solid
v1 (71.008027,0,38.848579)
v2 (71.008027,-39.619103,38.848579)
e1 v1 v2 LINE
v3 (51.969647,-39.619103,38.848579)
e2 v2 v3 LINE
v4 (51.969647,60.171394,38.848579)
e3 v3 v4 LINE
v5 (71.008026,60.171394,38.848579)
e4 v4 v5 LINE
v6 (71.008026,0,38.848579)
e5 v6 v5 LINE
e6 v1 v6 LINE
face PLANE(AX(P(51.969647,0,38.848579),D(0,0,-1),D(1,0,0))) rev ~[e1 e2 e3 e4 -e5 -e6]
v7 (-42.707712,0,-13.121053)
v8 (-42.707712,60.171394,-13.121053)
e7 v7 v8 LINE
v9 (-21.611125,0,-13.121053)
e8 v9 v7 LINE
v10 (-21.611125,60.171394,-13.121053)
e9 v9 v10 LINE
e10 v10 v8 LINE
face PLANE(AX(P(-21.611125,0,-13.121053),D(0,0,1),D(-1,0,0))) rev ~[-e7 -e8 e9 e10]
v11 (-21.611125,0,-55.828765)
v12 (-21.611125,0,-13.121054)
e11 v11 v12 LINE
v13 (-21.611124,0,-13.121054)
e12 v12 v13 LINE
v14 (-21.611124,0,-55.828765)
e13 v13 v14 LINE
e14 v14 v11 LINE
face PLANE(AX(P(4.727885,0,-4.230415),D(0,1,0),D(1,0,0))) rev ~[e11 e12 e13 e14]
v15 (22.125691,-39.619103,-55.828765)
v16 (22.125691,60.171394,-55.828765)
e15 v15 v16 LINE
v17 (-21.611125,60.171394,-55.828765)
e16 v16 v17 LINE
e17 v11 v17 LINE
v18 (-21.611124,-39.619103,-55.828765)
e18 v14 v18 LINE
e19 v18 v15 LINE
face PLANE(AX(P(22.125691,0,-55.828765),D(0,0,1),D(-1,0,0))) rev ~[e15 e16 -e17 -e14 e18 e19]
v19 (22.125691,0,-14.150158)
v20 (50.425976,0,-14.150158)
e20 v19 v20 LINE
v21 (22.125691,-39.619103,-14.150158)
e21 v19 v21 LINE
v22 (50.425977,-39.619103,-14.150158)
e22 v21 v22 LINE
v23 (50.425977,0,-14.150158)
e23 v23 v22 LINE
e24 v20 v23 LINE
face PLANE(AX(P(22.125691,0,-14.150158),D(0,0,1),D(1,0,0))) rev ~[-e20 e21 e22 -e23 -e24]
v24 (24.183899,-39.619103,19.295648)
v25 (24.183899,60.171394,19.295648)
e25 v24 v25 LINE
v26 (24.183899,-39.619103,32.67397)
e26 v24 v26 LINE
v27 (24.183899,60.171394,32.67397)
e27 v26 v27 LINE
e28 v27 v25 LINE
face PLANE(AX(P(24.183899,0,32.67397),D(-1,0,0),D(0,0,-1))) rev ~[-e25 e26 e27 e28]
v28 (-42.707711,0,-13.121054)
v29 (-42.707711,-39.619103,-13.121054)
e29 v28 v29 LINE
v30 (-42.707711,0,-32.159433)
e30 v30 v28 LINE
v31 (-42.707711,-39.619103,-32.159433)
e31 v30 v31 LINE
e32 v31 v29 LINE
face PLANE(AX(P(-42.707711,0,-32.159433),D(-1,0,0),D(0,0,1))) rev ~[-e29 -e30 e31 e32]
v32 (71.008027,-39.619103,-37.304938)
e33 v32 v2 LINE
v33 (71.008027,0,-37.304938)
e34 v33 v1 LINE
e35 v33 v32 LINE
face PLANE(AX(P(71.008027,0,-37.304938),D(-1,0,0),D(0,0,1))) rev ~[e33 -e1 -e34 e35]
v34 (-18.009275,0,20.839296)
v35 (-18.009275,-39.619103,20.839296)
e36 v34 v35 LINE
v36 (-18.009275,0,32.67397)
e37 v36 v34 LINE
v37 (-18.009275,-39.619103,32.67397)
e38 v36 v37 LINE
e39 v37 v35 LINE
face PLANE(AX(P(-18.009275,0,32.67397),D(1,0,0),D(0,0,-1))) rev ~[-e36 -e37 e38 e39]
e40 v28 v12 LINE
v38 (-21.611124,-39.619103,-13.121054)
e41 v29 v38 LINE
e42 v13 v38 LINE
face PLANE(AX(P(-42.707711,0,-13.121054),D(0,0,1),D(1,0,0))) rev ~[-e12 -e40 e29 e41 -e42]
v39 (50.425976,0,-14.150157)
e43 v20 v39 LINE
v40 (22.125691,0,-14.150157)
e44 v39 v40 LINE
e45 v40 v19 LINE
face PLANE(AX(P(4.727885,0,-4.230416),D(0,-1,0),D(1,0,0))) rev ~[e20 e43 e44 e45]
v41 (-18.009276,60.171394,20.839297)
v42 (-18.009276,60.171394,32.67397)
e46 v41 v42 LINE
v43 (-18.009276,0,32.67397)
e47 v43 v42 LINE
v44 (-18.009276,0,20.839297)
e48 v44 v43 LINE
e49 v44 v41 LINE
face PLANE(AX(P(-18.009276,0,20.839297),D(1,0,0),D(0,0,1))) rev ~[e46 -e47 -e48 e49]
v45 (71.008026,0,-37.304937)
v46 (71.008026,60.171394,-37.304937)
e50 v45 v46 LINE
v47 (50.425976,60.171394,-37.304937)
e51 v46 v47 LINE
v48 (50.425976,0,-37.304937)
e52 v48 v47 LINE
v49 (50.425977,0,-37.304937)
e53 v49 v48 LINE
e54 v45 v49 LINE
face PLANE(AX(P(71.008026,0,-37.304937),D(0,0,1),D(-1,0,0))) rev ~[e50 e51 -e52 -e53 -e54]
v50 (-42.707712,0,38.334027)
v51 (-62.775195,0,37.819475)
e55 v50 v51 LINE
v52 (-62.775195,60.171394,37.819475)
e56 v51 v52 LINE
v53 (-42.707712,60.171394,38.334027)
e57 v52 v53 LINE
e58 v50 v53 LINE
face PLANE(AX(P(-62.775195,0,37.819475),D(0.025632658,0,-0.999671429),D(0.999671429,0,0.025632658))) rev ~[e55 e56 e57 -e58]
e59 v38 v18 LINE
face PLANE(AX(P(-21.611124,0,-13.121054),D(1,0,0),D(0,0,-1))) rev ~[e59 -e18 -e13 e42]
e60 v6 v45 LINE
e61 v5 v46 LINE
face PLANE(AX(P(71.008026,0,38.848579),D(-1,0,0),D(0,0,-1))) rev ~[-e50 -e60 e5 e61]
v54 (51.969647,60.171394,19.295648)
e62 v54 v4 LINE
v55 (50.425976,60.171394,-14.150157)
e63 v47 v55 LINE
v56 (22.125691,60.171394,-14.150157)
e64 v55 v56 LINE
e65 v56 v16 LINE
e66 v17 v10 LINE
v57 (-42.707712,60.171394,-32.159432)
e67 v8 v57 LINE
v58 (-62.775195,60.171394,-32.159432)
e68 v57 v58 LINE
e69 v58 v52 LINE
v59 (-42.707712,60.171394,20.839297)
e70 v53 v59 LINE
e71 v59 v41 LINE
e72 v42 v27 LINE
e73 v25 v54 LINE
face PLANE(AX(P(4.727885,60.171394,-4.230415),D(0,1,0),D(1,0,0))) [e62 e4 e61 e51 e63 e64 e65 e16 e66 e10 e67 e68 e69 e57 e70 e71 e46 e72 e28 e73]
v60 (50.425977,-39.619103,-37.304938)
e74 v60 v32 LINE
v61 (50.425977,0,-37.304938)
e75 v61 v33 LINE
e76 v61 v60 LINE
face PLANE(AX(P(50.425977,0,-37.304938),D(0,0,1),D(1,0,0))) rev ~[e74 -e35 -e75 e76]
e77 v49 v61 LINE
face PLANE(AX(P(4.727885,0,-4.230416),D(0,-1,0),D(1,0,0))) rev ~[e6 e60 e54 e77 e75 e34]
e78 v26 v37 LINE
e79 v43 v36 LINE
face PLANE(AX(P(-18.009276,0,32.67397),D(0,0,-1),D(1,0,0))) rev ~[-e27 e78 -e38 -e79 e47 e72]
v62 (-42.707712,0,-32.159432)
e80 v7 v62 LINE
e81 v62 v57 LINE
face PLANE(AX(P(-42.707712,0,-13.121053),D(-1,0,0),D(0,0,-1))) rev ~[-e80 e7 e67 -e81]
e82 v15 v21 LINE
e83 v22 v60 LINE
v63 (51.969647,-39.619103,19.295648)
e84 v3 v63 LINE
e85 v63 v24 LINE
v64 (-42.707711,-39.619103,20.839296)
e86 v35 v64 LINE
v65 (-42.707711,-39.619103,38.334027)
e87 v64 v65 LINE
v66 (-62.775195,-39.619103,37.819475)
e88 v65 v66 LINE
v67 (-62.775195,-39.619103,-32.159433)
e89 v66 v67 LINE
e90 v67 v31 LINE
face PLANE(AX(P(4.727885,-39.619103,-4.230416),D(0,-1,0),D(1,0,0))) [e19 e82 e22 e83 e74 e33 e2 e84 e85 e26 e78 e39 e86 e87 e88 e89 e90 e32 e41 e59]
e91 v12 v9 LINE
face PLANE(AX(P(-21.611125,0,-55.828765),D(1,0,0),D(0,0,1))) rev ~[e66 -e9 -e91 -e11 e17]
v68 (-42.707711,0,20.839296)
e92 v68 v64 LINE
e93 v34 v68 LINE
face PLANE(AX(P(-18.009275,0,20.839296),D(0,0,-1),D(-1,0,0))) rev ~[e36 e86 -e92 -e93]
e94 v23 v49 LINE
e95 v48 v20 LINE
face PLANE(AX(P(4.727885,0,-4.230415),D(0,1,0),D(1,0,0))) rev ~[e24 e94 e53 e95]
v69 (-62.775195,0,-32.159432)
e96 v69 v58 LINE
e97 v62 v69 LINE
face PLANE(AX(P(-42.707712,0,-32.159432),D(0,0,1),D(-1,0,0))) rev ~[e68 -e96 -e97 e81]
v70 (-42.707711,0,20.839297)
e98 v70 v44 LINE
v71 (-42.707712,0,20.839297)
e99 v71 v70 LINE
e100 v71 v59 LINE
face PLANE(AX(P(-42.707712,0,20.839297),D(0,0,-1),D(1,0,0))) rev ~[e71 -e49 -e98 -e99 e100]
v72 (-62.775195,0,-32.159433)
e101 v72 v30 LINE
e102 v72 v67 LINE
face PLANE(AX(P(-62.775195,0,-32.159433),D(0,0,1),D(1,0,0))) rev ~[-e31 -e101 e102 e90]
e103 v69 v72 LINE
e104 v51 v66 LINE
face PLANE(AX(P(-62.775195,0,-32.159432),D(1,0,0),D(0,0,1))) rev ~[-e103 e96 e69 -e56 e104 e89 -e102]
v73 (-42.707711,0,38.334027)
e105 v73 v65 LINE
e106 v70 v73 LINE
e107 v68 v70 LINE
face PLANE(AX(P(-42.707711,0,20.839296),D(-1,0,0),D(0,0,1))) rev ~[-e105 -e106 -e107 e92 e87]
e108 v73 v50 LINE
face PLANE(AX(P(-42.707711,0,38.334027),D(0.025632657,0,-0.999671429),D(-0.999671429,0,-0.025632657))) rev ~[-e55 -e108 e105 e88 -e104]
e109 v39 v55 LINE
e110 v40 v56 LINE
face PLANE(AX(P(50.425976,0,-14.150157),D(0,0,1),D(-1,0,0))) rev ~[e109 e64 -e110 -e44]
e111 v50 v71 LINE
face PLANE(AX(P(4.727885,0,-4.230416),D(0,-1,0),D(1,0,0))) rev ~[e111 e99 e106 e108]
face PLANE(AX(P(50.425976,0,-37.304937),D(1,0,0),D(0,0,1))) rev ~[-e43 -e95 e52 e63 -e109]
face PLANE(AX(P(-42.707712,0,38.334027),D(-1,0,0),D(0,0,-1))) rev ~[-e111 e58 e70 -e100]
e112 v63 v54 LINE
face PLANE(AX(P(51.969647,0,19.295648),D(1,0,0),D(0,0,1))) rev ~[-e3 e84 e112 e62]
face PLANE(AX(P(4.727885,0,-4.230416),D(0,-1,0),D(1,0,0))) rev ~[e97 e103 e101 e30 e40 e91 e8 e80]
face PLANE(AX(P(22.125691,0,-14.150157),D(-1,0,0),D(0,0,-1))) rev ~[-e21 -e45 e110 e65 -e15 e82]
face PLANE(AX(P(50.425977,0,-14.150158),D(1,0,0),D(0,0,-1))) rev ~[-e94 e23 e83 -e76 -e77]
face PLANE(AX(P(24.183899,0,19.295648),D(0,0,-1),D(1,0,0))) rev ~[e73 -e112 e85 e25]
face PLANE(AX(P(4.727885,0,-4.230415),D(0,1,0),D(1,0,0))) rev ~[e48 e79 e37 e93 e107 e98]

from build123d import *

# Parameters (mm, degrees)
F1_DEPTH = 39.619103
F2_DEPTH = 60.171394


with BuildPart() as f1:
    # F0 (on Front) → F1 (new body)
    with BuildSketch(Plane.XZ):
        Polygon((-42.707711, 38.334027), (-62.775195, 37.819475), (-62.775195, -32.159433), (-42.707711, -32.159433), (-42.707711, -13.121054), (-21.611124, -13.121054), (-21.611124, -55.828765), (22.125691, -55.828765), (22.125691, -14.150158), (50.425977, -14.150158), (50.425977, -37.304938), (71.008027, -37.304938), (71.008027, 38.848579), (51.969647, 38.848579), (51.969647, 19.295648), (24.183899, 19.295648), (24.183899, 32.67397), (-18.009275, 32.67397), (-18.009275, 20.839296), (-42.707711, 20.839296), align=None)
    extrude(amount=F1_DEPTH)

    # F1_face (on face) → F2 (join)
    with BuildSketch(Plane(origin=(3.907176, 0, -4.197863), x_dir=(1, 0, 0), z_dir=(0, 1, 0))):
        Polygon((-66.682371, -42.017338), (-46.614888, -42.53189), (-46.614888, -25.03716), (-21.916452, -25.03716), (-21.916452, -36.871833), (20.276723, -36.871833), (20.276723, -23.493511), (48.062471, -23.493511), (48.062471, -43.046442), (67.10085, -43.046442), (67.10085, 33.107074), (46.5188, 33.107074), (46.5188, 9.952294), (18.218515, 9.952294), (18.218515, 51.630902), (-25.518301, 51.630902), (-25.518301, 8.92319), (-46.614888, 8.92319), (-46.614888, 27.961569), (-66.682371, 27.961569), align=None)
    extrude(amount=F2_DEPTH)


solid = f1.part
